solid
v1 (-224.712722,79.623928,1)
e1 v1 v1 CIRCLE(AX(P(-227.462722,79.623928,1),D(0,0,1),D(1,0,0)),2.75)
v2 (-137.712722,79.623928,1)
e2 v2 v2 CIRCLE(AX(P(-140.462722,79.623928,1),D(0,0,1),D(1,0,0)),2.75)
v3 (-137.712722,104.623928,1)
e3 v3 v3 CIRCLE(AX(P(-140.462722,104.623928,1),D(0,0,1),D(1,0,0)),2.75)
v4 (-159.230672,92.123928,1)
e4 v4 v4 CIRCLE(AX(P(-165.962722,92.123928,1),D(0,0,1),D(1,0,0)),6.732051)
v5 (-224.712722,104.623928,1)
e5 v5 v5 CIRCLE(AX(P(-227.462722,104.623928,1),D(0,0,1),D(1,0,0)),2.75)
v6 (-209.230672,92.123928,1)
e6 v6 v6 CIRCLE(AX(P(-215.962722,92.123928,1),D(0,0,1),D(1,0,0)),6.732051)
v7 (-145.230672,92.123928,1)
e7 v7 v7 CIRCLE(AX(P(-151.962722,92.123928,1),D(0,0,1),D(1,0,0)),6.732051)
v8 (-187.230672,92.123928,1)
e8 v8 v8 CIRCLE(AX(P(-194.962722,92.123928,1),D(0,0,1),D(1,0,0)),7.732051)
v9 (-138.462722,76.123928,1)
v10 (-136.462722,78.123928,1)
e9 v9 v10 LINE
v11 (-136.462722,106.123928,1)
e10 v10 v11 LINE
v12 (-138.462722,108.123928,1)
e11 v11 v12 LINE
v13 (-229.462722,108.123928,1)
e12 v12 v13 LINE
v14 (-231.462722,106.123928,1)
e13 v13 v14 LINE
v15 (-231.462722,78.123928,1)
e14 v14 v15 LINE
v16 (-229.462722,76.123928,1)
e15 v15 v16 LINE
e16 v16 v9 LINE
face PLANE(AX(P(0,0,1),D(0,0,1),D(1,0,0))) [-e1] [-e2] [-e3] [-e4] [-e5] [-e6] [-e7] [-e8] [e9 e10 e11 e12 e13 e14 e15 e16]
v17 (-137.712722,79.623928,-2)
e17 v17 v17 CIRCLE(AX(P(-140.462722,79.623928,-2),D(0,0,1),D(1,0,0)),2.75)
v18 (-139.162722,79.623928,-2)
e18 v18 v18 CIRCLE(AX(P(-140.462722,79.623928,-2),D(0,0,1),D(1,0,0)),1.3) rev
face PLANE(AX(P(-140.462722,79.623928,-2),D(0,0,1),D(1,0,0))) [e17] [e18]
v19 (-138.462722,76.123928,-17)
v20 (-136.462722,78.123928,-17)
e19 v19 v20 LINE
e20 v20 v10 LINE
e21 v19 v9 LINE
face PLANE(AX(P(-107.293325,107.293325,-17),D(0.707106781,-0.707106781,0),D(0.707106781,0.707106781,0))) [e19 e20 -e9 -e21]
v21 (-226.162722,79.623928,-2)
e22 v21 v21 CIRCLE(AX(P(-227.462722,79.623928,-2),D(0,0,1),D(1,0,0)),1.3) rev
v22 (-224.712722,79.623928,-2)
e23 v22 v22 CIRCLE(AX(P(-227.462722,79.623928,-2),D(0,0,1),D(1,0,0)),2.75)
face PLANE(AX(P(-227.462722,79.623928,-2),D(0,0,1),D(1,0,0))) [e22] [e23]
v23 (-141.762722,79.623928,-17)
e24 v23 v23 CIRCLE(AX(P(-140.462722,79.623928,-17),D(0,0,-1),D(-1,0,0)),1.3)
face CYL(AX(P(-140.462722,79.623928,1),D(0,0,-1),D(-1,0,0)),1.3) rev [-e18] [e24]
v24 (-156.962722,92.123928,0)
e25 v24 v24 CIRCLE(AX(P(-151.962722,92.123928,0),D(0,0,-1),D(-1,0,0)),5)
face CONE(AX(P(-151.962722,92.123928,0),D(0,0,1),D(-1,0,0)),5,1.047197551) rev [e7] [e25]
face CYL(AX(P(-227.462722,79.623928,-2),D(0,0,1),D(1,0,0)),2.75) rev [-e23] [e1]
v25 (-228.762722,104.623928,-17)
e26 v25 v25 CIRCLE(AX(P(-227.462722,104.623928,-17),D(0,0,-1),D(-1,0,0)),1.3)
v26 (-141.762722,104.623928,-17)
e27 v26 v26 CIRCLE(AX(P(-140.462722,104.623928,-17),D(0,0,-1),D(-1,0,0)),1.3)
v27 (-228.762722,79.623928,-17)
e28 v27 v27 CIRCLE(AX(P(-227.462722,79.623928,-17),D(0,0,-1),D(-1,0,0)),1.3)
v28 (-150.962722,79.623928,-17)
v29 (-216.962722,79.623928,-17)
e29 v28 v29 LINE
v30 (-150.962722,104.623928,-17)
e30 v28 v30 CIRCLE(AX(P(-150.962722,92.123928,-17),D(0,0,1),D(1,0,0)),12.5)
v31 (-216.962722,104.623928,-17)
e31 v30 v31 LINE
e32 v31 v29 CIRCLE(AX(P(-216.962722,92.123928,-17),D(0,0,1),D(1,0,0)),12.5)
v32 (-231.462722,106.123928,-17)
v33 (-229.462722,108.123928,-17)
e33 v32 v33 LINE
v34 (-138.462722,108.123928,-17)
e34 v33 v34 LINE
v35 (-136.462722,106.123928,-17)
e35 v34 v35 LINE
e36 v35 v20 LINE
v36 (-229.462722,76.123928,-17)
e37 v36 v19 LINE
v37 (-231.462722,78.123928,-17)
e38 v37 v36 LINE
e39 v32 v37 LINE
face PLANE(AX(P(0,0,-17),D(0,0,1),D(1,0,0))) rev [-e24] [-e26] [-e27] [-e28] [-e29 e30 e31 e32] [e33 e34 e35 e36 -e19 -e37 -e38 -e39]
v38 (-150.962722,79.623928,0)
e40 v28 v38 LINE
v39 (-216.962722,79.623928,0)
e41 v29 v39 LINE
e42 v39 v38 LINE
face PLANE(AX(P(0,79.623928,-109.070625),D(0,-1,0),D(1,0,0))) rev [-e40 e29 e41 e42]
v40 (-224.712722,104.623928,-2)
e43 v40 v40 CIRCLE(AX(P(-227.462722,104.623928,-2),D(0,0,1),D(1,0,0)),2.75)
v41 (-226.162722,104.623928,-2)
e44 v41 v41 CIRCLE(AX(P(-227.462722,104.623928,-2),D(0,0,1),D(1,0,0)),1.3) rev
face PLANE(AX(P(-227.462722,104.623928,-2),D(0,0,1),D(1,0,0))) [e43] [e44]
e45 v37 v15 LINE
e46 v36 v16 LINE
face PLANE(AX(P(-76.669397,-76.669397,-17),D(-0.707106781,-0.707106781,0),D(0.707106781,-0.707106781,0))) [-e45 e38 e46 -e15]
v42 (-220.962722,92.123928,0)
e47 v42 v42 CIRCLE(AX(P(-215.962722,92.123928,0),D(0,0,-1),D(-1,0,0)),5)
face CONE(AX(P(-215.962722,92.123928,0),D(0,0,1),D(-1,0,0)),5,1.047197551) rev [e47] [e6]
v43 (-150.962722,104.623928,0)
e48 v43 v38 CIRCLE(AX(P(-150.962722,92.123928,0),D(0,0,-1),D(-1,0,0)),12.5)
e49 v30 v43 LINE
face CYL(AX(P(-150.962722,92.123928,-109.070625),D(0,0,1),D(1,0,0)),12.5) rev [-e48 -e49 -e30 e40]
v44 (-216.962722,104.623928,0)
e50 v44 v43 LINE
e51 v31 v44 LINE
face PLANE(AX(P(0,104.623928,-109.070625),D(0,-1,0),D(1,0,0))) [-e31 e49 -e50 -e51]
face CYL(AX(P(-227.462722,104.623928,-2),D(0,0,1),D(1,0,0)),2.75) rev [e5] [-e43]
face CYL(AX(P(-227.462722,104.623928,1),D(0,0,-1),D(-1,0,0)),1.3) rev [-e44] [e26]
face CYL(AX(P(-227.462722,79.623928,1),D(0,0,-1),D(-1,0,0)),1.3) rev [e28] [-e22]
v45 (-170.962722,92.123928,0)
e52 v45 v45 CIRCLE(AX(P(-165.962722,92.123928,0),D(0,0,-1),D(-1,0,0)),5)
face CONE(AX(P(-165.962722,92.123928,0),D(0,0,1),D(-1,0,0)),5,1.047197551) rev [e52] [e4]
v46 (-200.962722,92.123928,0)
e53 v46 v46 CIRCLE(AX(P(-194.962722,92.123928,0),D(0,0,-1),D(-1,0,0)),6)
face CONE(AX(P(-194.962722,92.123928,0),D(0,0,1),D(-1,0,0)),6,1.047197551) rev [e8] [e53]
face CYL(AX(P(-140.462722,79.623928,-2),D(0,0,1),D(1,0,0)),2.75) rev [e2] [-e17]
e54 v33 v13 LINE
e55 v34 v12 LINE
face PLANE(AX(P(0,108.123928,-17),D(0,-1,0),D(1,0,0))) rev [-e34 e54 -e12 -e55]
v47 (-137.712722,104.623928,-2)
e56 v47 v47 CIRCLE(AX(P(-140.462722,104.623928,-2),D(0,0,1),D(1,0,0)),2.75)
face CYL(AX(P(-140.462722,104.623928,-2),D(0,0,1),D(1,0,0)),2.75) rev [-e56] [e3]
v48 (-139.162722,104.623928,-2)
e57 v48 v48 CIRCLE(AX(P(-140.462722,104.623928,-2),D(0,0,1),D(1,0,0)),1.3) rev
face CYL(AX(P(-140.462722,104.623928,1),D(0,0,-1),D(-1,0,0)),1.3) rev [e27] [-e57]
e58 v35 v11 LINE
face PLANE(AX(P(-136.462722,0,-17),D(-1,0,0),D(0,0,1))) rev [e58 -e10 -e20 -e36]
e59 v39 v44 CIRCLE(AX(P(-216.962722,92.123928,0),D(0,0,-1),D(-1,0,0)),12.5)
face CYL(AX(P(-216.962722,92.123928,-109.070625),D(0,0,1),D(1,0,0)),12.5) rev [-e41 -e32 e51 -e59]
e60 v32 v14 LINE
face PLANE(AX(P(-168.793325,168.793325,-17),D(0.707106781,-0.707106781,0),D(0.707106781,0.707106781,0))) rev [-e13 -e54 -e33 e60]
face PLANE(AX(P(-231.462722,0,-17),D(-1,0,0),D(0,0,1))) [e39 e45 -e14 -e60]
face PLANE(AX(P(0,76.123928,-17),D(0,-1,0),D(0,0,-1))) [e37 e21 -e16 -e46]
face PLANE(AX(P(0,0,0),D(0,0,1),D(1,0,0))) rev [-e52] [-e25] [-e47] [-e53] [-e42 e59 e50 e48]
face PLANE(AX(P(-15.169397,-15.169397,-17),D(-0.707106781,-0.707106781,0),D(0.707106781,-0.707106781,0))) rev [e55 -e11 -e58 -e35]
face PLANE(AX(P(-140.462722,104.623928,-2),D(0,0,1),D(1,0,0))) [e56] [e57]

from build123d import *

# Parameters (mm, degrees)
EXTRUDE_1_DEPTH     = 17
SKETCH_2_R          = 6
SKETCH_2_R_2        = 5
EXTRUDE_2_DEPTH     = 1
SKETCH_3_R          = 5
SKETCH_3_R_2        = 6
CUT_EXTRUDE_1_DEPTH = 11
CUT_EXTRUDE_1_TAPER = -60
EXTRUDE_5_DEPTH     = 17
SKETCH_9_R          = 1.3
CUT_EXTRUDE_6_DEPTH = 19.0000001
SKETCH_10_R         = 2.75
CUT_EXTRUDE_7_DEPTH = 3


with BuildPart() as part:
    # 草图1 → 凸台-拉伸1 (new body)
    with BuildSketch(Plane.XY):
        Polygon((-229.462722424, 108.123928313), (-138.462722424, 108.123928313), (-136.462722424, 106.123928313), (-136.462722424, 78.123928313), (-138.462722424, 76.123928313), (-229.462722424, 76.123928313), (-231.462722424, 78.123928313), (-231.462722424, 106.123928313), align=None)
        Polygon((-228.6342953, 106.123928313), (-139.291149549, 106.123928313), (-138.462722424, 105.295501188), (-138.462722424, 78.952355437), (-139.291149549, 78.123928313), (-228.6342953, 78.123928313), (-229.462722424, 78.952355437), (-229.462722424, 105.295501188), align=None, mode=Mode.SUBTRACT)
    extrude(amount=-EXTRUDE_1_DEPTH)

    # 草图2 → 凸台-拉伸2 (add)
    with BuildSketch(Plane.XY):
        Polygon((-136.462722424, 106.123928313), (-138.462722424, 108.123928313), (-229.462722424, 108.123928313), (-231.462722424, 106.123928313), (-231.462722424, 78.123928313), (-229.462722424, 76.123928313), (-138.462722424, 76.123928313), (-136.462722424, 78.123928313), align=None)
        with Locations((-194.962722424, 92.123928313)):
            Circle(SKETCH_2_R, mode=Mode.SUBTRACT)
        with Locations((-165.962722424, 92.123928313)):
            Circle(SKETCH_2_R_2, mode=Mode.SUBTRACT)
        with Locations((-215.962722424, 92.123928313)):
            Circle(SKETCH_2_R_2, mode=Mode.SUBTRACT)
        with Locations((-151.962722424, 92.123928313)):
            Circle(SKETCH_2_R_2, mode=Mode.SUBTRACT)
    extrude(amount=EXTRUDE_2_DEPTH)

    # 草图3 → 切除-拉伸1 (cut)
    with BuildSketch(Plane(origin=(0, 0, 0), x_dir=(-1, 0, 0), z_dir=(0, 0, -1))):
        with Locations((151.962722424, 92.123928313)):
            Circle(SKETCH_3_R)
        with Locations((215.962722424, 92.123928313)):
            Circle(SKETCH_3_R)
        with Locations((194.962722424, 92.123928313)):
            Circle(SKETCH_3_R_2)
        with Locations((165.962722424, 92.123928313)):
            Circle(SKETCH_3_R)
    extrude(amount=-CUT_EXTRUDE_1_DEPTH, taper=CUT_EXTRUDE_1_TAPER, mode=Mode.SUBTRACT)

    # 草图8 → 凸台-拉伸5 (add)
    with BuildSketch(Plane(origin=(0, 0, 0), x_dir=(-1, 0, 0), z_dir=(0, 0, -1))):
        with BuildLine():
            ThreePointArc((229.462722424, 92.123928313), (225.801557189, 83.285093548), (216.962722424, 79.623928313))
            Line((216.962722424, 79.623928313), (150.962722424, 79.623928313))
            ThreePointArc((150.962722424, 79.623928313), (142.123887659, 83.285093548), (138.462722424, 92.123928313))
            Line((138.462722424, 92.123928313), (138.462722424, 78.952355437))
            Line((138.462722424, 78.952355437), (139.291149549, 78.123928313))
            Line((139.291149549, 78.123928313), (228.6342953, 78.123928313))
            Line((228.6342953, 78.123928313), (229.462722424, 78.952355437))
            Line((229.462722424, 78.952355437), (229.462722424, 92.123928313))
        make_face()
        with BuildLine():
            ThreePointArc((216.962722424, 104.623928313), (225.801557189, 100.962763077), (229.462722424, 92.123928313))
            Line((229.462722424, 92.123928313), (229.462722424, 105.295501188))
            Line((229.462722424, 105.295501188), (228.6342953, 106.123928313))
            Line((228.6342953, 106.123928313), (139.291149549, 106.123928313))
            Line((139.291149549, 106.123928313), (138.462722424, 105.295501188))
            Line((138.462722424, 105.295501188), (138.462722424, 92.123928313))
            ThreePointArc((138.462722424, 92.123928313), (142.123887659, 100.962763077), (150.962722424, 104.623928313))
            Line((150.962722424, 104.623928313), (216.962722424, 104.623928313))
        make_face()
    extrude(amount=EXTRUDE_5_DEPTH)

    # 草图9 → 切除-拉伸6 (cut, through all)
    with BuildSketch(Plane(origin=(0, 0, -17), x_dir=(-1, 0, 0), z_dir=(0, 0, -1))):
        with Locations((227.462722424, 79.623928313)):
            Circle(SKETCH_9_R)
        with Locations((227.462722424, 104.623928313)):
            Circle(SKETCH_9_R)
        with Locations((140.462722424, 79.623928313)):
            Circle(SKETCH_9_R)
        with Locations((140.462722424, 104.623928313)):
            Circle(SKETCH_9_R)
    extrude(amount=-CUT_EXTRUDE_6_DEPTH, mode=Mode.SUBTRACT)

    # 草图10 → 切除-拉伸7 (cut)
    with BuildSketch(Plane.XY.offset(1)):
        with Locations((-227.462722424, 104.623928313)):
            Circle(SKETCH_10_R)
        with Locations((-140.462722424, 104.623928313)):
            Circle(SKETCH_10_R)
        with Locations((-227.462722424, 79.623928313)):
            Circle(SKETCH_10_R)
        with Locations((-140.462722424, 79.623928313)):
            Circle(SKETCH_10_R)
    extrude(amount=-CUT_EXTRUDE_7_DEPTH, mode=Mode.SUBTRACT)


solid = part.part
